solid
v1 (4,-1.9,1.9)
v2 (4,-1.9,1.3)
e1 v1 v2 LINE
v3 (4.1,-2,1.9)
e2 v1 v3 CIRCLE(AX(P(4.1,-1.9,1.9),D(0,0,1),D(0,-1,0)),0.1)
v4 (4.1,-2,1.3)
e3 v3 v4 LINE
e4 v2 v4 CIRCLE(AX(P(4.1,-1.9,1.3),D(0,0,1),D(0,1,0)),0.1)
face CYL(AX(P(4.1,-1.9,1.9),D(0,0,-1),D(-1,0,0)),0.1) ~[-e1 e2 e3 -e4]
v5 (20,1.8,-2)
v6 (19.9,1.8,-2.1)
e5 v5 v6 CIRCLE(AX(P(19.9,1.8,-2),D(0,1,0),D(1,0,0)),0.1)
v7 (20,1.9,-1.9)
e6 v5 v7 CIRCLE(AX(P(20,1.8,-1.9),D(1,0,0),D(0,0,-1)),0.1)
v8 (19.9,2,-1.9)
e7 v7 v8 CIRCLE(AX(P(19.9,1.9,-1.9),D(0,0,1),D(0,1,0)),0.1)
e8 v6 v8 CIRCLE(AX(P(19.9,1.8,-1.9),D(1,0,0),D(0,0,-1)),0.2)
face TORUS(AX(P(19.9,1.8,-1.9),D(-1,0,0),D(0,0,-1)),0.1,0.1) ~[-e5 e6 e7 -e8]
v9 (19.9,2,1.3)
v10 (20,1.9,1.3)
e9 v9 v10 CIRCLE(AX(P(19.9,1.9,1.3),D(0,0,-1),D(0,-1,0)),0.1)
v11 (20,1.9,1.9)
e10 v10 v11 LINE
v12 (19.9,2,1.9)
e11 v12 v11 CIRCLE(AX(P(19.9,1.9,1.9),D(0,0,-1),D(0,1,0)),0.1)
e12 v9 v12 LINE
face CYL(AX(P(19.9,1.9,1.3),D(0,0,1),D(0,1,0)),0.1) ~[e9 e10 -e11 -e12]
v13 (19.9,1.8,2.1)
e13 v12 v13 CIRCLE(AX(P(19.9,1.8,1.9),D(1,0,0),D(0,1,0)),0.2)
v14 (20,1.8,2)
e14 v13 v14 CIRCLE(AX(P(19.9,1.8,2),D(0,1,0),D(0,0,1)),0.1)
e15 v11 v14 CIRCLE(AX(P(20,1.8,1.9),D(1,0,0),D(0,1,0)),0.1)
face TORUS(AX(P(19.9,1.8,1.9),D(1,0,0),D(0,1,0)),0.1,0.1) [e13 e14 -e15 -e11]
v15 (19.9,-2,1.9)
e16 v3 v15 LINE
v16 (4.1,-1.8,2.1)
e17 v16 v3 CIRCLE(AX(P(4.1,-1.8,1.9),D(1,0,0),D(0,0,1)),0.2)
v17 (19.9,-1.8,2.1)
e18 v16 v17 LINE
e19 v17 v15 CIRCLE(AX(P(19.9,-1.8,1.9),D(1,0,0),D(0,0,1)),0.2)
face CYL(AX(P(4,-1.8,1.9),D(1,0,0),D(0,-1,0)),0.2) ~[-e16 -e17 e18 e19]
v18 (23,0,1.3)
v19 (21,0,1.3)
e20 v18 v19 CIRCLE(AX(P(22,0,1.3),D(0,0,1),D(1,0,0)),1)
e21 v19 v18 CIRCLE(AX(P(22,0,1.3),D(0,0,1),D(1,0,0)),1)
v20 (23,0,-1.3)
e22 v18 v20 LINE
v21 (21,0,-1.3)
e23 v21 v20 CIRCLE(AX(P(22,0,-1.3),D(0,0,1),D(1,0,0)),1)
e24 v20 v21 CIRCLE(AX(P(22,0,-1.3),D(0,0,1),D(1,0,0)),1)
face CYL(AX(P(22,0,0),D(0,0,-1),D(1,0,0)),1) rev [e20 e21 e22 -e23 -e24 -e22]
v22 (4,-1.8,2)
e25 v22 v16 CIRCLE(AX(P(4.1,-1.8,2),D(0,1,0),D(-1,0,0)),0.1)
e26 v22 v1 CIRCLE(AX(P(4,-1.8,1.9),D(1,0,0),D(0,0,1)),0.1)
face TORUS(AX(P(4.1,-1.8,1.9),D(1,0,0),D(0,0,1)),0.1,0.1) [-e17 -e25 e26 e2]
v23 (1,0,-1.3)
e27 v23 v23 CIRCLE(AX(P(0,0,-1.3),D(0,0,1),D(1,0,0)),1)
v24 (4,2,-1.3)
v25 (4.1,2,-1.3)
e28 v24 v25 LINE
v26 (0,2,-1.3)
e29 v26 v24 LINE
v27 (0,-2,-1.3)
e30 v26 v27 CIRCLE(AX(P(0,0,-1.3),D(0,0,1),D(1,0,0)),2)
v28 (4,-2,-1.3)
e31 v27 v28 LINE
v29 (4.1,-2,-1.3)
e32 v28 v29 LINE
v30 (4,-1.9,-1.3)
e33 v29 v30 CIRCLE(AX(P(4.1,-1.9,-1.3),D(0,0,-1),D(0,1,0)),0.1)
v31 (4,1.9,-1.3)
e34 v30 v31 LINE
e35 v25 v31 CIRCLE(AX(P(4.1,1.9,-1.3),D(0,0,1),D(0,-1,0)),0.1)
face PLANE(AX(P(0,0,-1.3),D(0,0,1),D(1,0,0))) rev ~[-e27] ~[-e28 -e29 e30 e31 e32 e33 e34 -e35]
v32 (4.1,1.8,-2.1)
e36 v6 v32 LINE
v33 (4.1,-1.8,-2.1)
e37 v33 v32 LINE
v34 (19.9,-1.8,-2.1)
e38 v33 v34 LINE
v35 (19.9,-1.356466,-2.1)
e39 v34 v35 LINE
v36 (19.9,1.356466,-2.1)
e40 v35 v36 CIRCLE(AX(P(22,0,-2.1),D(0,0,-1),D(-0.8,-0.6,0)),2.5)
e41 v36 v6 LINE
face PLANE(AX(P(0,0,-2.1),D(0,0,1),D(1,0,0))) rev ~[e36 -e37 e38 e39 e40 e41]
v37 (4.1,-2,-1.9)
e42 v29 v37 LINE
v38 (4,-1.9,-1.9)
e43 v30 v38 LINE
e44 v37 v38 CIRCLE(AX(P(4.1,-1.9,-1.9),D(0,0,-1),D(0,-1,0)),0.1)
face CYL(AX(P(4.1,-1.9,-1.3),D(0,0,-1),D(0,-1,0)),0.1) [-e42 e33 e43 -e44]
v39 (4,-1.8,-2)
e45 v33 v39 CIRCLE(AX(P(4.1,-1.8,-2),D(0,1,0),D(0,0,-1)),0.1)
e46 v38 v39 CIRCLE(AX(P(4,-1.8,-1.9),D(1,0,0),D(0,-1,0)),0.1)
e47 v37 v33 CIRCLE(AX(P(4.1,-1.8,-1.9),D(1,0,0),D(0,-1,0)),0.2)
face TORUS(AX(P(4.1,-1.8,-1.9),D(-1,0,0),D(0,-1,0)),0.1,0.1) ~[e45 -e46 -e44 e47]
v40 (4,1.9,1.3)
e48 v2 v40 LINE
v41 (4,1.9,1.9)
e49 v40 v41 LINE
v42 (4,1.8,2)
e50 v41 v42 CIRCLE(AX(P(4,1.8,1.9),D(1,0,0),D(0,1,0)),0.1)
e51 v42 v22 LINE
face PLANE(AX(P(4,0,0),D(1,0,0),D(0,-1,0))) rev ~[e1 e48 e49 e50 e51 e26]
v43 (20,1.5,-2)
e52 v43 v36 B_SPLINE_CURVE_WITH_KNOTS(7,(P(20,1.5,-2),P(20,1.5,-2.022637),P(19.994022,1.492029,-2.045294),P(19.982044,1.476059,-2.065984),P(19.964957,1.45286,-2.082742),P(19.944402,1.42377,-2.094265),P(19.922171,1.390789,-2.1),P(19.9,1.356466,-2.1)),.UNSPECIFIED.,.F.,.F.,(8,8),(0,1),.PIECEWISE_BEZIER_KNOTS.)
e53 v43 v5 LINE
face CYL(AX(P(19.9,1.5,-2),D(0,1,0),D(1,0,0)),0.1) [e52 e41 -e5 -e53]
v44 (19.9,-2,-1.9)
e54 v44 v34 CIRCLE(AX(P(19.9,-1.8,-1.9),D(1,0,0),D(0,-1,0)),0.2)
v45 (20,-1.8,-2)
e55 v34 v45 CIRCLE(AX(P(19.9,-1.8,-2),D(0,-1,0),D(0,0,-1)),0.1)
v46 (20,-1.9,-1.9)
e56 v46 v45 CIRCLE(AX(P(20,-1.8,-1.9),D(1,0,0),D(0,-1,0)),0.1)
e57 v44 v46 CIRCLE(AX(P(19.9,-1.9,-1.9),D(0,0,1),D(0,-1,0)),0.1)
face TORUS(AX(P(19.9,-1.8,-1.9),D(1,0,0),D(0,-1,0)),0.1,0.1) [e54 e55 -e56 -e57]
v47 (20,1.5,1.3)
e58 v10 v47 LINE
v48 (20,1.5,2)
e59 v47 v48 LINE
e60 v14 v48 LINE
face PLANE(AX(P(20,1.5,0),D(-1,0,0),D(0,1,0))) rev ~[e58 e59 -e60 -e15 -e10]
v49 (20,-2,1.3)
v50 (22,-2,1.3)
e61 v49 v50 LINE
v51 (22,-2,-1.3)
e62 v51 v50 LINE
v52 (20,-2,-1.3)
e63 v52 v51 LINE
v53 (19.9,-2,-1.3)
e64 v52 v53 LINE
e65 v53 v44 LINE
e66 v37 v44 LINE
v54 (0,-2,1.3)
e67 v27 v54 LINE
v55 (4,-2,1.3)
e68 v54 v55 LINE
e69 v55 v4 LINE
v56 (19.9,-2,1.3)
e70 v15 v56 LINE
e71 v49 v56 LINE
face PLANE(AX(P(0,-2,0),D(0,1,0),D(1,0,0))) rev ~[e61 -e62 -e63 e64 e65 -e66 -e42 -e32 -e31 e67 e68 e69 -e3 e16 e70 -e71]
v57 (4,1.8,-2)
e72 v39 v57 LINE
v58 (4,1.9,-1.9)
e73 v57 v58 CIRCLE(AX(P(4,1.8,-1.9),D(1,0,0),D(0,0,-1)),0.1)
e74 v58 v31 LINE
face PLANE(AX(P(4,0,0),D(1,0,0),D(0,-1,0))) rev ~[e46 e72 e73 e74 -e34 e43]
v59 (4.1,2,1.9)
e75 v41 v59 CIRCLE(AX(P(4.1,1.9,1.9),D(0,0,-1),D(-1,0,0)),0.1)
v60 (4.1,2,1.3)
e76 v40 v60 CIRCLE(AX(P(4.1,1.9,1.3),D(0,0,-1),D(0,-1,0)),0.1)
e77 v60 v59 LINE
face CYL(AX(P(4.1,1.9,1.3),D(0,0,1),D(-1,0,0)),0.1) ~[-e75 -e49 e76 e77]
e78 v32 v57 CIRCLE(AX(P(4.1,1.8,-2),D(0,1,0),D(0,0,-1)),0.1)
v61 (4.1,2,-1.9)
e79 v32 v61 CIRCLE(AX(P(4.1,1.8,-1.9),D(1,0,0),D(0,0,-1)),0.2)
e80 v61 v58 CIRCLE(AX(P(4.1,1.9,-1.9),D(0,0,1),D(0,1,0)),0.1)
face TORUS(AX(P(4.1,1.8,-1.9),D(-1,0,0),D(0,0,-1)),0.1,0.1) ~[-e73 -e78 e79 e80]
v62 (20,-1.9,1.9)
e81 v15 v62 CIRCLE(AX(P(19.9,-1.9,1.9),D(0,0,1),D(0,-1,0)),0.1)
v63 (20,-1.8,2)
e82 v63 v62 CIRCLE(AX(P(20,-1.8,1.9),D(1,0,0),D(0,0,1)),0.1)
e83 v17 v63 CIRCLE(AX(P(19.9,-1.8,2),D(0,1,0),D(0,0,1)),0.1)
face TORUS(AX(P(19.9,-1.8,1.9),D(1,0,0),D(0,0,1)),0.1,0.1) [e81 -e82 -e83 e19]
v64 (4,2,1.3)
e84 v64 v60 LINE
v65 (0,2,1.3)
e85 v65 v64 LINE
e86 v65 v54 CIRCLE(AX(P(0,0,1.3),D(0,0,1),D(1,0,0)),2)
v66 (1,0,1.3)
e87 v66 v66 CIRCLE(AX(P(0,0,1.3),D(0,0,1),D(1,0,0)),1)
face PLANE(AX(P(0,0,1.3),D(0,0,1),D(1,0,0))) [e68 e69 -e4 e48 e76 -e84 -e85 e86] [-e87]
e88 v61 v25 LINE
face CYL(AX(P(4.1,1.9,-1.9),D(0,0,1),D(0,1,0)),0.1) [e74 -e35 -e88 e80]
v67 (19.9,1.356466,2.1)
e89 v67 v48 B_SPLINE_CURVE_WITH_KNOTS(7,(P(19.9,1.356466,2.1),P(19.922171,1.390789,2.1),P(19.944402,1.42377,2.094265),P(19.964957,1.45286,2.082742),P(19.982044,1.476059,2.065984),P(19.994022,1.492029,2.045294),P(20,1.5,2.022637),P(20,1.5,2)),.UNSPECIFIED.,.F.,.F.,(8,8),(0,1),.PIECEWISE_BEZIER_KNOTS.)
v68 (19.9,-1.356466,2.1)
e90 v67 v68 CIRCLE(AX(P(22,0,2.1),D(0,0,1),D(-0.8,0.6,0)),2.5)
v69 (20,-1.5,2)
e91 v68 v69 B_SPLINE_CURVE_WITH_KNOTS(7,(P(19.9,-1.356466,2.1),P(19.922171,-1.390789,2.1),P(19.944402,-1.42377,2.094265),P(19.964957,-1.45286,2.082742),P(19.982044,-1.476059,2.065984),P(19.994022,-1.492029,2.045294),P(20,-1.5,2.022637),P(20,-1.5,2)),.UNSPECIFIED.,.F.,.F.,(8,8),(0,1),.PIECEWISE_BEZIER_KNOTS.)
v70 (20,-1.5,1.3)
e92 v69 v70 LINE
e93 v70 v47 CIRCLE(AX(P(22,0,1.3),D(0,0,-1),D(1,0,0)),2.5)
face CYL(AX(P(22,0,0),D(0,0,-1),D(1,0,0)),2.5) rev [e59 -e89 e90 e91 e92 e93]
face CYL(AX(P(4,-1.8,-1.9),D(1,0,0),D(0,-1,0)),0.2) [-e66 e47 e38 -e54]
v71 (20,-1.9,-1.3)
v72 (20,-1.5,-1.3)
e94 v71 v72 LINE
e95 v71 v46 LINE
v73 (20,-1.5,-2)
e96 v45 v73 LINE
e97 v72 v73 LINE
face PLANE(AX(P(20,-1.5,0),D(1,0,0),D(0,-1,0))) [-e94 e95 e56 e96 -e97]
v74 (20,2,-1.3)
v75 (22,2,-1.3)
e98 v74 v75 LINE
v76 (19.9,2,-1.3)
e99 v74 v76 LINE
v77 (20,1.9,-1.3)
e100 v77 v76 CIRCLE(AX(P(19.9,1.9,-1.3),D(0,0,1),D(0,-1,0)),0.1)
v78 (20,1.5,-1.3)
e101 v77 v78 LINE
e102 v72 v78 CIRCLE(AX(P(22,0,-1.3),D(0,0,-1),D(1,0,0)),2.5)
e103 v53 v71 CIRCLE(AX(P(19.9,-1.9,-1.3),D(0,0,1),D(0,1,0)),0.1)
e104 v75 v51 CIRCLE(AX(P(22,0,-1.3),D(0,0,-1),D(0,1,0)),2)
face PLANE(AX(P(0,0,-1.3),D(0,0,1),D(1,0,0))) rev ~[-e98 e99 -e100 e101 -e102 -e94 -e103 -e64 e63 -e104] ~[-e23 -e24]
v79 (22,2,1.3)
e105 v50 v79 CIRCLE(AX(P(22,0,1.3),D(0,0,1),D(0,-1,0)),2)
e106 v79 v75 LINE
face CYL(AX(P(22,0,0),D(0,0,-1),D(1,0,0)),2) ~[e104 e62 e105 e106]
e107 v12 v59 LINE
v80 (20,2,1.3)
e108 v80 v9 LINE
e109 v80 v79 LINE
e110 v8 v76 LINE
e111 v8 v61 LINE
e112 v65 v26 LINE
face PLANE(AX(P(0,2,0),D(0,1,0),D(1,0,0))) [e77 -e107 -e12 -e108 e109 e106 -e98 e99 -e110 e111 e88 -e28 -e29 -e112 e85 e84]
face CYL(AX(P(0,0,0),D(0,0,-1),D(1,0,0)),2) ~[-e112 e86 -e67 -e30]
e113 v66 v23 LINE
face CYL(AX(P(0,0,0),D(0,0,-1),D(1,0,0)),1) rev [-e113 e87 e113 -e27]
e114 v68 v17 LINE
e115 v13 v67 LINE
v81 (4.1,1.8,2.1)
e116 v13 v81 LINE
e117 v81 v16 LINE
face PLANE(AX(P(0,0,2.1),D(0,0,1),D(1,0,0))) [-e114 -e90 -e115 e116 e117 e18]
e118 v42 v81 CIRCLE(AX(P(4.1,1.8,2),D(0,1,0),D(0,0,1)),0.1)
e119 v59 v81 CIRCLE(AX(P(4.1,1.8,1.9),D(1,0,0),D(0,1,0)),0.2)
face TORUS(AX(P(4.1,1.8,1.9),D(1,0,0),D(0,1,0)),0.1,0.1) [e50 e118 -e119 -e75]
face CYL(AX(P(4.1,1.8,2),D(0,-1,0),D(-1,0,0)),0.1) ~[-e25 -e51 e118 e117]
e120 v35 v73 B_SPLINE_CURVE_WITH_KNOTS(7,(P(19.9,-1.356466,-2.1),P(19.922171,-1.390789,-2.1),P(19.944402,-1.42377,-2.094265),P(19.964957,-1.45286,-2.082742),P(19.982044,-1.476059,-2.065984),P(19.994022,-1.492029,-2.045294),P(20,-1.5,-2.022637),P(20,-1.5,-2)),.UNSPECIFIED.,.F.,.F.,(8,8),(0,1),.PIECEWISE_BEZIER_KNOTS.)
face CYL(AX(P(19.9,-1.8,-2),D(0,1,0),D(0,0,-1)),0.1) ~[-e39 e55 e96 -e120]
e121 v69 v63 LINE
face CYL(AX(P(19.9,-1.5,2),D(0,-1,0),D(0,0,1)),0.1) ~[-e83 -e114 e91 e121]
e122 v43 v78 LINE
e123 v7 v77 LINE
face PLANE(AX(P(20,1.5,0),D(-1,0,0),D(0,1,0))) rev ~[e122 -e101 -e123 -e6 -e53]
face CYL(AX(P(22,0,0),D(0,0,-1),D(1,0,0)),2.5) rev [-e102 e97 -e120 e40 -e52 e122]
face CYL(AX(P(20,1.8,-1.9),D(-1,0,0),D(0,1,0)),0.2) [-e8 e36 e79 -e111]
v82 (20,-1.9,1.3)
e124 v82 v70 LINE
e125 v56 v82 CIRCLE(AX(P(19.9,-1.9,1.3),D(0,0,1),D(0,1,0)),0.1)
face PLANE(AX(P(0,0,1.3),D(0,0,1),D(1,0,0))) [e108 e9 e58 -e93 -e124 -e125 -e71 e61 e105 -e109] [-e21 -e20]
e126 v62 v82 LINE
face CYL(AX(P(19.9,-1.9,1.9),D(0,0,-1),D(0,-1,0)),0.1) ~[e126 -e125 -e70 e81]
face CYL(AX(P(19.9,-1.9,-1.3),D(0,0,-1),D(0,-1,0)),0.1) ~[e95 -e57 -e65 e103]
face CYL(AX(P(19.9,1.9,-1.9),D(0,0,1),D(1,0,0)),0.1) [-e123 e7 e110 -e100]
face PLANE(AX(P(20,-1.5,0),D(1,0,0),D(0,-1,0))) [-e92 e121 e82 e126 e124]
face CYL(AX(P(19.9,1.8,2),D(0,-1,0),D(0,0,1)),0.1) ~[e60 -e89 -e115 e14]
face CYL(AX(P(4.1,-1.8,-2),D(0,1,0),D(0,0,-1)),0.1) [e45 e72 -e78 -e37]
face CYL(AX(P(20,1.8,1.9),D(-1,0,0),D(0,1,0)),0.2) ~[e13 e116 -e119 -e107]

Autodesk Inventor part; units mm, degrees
ref_plane "YZ Plane" through (0, 0, 0) normal (1, 0, 0) x (0, 1, 0)
ref_plane "XZ Plane" through (0, 0, 0) normal (0, 1, 0) x (-1, 0, 0)
ref_plane "XY Plane" through (0, 0, 0) normal (0, 0, 1) x (1, 0, 0)
sketch "Sketch1" plane through (0, 0, 0) normal (0, 0, 1) x (1, 0, 0)
  circle A0 centre (0, 0) radius 2
  circle A1 centre (0, 0) radius 1
  line L0 (0, 0) -> (22, 0)
  circle A2 centre (22, 0) radius 1
  circle A3 centre (22, 0) radius 2
  line L1 (0, 2) -> (22, 2)
  line L2 (0, -2) -> (22, -2)
  dimension "d0" = 4
  dimension "d1" = 2
  dimension "d2" = 22
  dimension "d3" = 2
  dimension "d4" = 4
extrude "Extrusion1" add sketch "Sketch1" along normal mid plane 2.6
sketch "Sketch3" plane through (0, 0, 0) normal (0, 0, 1) x (1, 0, 0)
  line L0 (0, 0) -> (4, 0)
  line L1 (4, 0) -> (4, 2)
  line L2 (22, 2) -> (0, 2) projected
  line L3 (4, 0) -> (4, -2)
  line L4 (0, -2) -> (22, -2) projected
  line L5 (4, 0) -> (20, 0)
  line L6 (20, 0) -> (20, 2)
  line L7 (20, 0) -> (20, -2)
  circle A0 centre (22, 0) radius 2.5
  point P0 (20, 1.5)
  point P1 (20, -1.5)
  dimension "d16" = 4
  dimension "d17" = 5
extrude "Extrusion3" add sketch "Sketch3" along normal mid plane 4.2 contours L5 A0 L7 L4 L3 | L1 L2 L6 A0 L5
fillet "Fillet3" radius 0.2 4 edges at (12, 2, 2.1) (12, -2, 2.1) (12, -2, -2.1) (12, 2, -2.1)
fillet "Fillet4" radius 0.1 20 edges at (20, 1.9414, 2.0414) (20, 2, 1.6) (20, 1.65, 2.1) (20, -1.65, 2.1) (20, -2, 1.6) (20, -1.9414, 2.0414) (20, 1.65, -2.1) (20, 2, -1.6) (20, 1.9414, -2.0414) (20, -1.9414, -2.0414) (20, -2, -1.6) (20, -1.65, -2.1) (4, 2, -1.6) (4, 0, -2.1) (4, -2, 1.6) (4, -2, -1.6) (4, 1.9414, -2.0414) (4, 1.9414, 2.0414) (4, 0, 2.1) (4, 2, 1.6)
properties part number "New_ThinArm_first"
